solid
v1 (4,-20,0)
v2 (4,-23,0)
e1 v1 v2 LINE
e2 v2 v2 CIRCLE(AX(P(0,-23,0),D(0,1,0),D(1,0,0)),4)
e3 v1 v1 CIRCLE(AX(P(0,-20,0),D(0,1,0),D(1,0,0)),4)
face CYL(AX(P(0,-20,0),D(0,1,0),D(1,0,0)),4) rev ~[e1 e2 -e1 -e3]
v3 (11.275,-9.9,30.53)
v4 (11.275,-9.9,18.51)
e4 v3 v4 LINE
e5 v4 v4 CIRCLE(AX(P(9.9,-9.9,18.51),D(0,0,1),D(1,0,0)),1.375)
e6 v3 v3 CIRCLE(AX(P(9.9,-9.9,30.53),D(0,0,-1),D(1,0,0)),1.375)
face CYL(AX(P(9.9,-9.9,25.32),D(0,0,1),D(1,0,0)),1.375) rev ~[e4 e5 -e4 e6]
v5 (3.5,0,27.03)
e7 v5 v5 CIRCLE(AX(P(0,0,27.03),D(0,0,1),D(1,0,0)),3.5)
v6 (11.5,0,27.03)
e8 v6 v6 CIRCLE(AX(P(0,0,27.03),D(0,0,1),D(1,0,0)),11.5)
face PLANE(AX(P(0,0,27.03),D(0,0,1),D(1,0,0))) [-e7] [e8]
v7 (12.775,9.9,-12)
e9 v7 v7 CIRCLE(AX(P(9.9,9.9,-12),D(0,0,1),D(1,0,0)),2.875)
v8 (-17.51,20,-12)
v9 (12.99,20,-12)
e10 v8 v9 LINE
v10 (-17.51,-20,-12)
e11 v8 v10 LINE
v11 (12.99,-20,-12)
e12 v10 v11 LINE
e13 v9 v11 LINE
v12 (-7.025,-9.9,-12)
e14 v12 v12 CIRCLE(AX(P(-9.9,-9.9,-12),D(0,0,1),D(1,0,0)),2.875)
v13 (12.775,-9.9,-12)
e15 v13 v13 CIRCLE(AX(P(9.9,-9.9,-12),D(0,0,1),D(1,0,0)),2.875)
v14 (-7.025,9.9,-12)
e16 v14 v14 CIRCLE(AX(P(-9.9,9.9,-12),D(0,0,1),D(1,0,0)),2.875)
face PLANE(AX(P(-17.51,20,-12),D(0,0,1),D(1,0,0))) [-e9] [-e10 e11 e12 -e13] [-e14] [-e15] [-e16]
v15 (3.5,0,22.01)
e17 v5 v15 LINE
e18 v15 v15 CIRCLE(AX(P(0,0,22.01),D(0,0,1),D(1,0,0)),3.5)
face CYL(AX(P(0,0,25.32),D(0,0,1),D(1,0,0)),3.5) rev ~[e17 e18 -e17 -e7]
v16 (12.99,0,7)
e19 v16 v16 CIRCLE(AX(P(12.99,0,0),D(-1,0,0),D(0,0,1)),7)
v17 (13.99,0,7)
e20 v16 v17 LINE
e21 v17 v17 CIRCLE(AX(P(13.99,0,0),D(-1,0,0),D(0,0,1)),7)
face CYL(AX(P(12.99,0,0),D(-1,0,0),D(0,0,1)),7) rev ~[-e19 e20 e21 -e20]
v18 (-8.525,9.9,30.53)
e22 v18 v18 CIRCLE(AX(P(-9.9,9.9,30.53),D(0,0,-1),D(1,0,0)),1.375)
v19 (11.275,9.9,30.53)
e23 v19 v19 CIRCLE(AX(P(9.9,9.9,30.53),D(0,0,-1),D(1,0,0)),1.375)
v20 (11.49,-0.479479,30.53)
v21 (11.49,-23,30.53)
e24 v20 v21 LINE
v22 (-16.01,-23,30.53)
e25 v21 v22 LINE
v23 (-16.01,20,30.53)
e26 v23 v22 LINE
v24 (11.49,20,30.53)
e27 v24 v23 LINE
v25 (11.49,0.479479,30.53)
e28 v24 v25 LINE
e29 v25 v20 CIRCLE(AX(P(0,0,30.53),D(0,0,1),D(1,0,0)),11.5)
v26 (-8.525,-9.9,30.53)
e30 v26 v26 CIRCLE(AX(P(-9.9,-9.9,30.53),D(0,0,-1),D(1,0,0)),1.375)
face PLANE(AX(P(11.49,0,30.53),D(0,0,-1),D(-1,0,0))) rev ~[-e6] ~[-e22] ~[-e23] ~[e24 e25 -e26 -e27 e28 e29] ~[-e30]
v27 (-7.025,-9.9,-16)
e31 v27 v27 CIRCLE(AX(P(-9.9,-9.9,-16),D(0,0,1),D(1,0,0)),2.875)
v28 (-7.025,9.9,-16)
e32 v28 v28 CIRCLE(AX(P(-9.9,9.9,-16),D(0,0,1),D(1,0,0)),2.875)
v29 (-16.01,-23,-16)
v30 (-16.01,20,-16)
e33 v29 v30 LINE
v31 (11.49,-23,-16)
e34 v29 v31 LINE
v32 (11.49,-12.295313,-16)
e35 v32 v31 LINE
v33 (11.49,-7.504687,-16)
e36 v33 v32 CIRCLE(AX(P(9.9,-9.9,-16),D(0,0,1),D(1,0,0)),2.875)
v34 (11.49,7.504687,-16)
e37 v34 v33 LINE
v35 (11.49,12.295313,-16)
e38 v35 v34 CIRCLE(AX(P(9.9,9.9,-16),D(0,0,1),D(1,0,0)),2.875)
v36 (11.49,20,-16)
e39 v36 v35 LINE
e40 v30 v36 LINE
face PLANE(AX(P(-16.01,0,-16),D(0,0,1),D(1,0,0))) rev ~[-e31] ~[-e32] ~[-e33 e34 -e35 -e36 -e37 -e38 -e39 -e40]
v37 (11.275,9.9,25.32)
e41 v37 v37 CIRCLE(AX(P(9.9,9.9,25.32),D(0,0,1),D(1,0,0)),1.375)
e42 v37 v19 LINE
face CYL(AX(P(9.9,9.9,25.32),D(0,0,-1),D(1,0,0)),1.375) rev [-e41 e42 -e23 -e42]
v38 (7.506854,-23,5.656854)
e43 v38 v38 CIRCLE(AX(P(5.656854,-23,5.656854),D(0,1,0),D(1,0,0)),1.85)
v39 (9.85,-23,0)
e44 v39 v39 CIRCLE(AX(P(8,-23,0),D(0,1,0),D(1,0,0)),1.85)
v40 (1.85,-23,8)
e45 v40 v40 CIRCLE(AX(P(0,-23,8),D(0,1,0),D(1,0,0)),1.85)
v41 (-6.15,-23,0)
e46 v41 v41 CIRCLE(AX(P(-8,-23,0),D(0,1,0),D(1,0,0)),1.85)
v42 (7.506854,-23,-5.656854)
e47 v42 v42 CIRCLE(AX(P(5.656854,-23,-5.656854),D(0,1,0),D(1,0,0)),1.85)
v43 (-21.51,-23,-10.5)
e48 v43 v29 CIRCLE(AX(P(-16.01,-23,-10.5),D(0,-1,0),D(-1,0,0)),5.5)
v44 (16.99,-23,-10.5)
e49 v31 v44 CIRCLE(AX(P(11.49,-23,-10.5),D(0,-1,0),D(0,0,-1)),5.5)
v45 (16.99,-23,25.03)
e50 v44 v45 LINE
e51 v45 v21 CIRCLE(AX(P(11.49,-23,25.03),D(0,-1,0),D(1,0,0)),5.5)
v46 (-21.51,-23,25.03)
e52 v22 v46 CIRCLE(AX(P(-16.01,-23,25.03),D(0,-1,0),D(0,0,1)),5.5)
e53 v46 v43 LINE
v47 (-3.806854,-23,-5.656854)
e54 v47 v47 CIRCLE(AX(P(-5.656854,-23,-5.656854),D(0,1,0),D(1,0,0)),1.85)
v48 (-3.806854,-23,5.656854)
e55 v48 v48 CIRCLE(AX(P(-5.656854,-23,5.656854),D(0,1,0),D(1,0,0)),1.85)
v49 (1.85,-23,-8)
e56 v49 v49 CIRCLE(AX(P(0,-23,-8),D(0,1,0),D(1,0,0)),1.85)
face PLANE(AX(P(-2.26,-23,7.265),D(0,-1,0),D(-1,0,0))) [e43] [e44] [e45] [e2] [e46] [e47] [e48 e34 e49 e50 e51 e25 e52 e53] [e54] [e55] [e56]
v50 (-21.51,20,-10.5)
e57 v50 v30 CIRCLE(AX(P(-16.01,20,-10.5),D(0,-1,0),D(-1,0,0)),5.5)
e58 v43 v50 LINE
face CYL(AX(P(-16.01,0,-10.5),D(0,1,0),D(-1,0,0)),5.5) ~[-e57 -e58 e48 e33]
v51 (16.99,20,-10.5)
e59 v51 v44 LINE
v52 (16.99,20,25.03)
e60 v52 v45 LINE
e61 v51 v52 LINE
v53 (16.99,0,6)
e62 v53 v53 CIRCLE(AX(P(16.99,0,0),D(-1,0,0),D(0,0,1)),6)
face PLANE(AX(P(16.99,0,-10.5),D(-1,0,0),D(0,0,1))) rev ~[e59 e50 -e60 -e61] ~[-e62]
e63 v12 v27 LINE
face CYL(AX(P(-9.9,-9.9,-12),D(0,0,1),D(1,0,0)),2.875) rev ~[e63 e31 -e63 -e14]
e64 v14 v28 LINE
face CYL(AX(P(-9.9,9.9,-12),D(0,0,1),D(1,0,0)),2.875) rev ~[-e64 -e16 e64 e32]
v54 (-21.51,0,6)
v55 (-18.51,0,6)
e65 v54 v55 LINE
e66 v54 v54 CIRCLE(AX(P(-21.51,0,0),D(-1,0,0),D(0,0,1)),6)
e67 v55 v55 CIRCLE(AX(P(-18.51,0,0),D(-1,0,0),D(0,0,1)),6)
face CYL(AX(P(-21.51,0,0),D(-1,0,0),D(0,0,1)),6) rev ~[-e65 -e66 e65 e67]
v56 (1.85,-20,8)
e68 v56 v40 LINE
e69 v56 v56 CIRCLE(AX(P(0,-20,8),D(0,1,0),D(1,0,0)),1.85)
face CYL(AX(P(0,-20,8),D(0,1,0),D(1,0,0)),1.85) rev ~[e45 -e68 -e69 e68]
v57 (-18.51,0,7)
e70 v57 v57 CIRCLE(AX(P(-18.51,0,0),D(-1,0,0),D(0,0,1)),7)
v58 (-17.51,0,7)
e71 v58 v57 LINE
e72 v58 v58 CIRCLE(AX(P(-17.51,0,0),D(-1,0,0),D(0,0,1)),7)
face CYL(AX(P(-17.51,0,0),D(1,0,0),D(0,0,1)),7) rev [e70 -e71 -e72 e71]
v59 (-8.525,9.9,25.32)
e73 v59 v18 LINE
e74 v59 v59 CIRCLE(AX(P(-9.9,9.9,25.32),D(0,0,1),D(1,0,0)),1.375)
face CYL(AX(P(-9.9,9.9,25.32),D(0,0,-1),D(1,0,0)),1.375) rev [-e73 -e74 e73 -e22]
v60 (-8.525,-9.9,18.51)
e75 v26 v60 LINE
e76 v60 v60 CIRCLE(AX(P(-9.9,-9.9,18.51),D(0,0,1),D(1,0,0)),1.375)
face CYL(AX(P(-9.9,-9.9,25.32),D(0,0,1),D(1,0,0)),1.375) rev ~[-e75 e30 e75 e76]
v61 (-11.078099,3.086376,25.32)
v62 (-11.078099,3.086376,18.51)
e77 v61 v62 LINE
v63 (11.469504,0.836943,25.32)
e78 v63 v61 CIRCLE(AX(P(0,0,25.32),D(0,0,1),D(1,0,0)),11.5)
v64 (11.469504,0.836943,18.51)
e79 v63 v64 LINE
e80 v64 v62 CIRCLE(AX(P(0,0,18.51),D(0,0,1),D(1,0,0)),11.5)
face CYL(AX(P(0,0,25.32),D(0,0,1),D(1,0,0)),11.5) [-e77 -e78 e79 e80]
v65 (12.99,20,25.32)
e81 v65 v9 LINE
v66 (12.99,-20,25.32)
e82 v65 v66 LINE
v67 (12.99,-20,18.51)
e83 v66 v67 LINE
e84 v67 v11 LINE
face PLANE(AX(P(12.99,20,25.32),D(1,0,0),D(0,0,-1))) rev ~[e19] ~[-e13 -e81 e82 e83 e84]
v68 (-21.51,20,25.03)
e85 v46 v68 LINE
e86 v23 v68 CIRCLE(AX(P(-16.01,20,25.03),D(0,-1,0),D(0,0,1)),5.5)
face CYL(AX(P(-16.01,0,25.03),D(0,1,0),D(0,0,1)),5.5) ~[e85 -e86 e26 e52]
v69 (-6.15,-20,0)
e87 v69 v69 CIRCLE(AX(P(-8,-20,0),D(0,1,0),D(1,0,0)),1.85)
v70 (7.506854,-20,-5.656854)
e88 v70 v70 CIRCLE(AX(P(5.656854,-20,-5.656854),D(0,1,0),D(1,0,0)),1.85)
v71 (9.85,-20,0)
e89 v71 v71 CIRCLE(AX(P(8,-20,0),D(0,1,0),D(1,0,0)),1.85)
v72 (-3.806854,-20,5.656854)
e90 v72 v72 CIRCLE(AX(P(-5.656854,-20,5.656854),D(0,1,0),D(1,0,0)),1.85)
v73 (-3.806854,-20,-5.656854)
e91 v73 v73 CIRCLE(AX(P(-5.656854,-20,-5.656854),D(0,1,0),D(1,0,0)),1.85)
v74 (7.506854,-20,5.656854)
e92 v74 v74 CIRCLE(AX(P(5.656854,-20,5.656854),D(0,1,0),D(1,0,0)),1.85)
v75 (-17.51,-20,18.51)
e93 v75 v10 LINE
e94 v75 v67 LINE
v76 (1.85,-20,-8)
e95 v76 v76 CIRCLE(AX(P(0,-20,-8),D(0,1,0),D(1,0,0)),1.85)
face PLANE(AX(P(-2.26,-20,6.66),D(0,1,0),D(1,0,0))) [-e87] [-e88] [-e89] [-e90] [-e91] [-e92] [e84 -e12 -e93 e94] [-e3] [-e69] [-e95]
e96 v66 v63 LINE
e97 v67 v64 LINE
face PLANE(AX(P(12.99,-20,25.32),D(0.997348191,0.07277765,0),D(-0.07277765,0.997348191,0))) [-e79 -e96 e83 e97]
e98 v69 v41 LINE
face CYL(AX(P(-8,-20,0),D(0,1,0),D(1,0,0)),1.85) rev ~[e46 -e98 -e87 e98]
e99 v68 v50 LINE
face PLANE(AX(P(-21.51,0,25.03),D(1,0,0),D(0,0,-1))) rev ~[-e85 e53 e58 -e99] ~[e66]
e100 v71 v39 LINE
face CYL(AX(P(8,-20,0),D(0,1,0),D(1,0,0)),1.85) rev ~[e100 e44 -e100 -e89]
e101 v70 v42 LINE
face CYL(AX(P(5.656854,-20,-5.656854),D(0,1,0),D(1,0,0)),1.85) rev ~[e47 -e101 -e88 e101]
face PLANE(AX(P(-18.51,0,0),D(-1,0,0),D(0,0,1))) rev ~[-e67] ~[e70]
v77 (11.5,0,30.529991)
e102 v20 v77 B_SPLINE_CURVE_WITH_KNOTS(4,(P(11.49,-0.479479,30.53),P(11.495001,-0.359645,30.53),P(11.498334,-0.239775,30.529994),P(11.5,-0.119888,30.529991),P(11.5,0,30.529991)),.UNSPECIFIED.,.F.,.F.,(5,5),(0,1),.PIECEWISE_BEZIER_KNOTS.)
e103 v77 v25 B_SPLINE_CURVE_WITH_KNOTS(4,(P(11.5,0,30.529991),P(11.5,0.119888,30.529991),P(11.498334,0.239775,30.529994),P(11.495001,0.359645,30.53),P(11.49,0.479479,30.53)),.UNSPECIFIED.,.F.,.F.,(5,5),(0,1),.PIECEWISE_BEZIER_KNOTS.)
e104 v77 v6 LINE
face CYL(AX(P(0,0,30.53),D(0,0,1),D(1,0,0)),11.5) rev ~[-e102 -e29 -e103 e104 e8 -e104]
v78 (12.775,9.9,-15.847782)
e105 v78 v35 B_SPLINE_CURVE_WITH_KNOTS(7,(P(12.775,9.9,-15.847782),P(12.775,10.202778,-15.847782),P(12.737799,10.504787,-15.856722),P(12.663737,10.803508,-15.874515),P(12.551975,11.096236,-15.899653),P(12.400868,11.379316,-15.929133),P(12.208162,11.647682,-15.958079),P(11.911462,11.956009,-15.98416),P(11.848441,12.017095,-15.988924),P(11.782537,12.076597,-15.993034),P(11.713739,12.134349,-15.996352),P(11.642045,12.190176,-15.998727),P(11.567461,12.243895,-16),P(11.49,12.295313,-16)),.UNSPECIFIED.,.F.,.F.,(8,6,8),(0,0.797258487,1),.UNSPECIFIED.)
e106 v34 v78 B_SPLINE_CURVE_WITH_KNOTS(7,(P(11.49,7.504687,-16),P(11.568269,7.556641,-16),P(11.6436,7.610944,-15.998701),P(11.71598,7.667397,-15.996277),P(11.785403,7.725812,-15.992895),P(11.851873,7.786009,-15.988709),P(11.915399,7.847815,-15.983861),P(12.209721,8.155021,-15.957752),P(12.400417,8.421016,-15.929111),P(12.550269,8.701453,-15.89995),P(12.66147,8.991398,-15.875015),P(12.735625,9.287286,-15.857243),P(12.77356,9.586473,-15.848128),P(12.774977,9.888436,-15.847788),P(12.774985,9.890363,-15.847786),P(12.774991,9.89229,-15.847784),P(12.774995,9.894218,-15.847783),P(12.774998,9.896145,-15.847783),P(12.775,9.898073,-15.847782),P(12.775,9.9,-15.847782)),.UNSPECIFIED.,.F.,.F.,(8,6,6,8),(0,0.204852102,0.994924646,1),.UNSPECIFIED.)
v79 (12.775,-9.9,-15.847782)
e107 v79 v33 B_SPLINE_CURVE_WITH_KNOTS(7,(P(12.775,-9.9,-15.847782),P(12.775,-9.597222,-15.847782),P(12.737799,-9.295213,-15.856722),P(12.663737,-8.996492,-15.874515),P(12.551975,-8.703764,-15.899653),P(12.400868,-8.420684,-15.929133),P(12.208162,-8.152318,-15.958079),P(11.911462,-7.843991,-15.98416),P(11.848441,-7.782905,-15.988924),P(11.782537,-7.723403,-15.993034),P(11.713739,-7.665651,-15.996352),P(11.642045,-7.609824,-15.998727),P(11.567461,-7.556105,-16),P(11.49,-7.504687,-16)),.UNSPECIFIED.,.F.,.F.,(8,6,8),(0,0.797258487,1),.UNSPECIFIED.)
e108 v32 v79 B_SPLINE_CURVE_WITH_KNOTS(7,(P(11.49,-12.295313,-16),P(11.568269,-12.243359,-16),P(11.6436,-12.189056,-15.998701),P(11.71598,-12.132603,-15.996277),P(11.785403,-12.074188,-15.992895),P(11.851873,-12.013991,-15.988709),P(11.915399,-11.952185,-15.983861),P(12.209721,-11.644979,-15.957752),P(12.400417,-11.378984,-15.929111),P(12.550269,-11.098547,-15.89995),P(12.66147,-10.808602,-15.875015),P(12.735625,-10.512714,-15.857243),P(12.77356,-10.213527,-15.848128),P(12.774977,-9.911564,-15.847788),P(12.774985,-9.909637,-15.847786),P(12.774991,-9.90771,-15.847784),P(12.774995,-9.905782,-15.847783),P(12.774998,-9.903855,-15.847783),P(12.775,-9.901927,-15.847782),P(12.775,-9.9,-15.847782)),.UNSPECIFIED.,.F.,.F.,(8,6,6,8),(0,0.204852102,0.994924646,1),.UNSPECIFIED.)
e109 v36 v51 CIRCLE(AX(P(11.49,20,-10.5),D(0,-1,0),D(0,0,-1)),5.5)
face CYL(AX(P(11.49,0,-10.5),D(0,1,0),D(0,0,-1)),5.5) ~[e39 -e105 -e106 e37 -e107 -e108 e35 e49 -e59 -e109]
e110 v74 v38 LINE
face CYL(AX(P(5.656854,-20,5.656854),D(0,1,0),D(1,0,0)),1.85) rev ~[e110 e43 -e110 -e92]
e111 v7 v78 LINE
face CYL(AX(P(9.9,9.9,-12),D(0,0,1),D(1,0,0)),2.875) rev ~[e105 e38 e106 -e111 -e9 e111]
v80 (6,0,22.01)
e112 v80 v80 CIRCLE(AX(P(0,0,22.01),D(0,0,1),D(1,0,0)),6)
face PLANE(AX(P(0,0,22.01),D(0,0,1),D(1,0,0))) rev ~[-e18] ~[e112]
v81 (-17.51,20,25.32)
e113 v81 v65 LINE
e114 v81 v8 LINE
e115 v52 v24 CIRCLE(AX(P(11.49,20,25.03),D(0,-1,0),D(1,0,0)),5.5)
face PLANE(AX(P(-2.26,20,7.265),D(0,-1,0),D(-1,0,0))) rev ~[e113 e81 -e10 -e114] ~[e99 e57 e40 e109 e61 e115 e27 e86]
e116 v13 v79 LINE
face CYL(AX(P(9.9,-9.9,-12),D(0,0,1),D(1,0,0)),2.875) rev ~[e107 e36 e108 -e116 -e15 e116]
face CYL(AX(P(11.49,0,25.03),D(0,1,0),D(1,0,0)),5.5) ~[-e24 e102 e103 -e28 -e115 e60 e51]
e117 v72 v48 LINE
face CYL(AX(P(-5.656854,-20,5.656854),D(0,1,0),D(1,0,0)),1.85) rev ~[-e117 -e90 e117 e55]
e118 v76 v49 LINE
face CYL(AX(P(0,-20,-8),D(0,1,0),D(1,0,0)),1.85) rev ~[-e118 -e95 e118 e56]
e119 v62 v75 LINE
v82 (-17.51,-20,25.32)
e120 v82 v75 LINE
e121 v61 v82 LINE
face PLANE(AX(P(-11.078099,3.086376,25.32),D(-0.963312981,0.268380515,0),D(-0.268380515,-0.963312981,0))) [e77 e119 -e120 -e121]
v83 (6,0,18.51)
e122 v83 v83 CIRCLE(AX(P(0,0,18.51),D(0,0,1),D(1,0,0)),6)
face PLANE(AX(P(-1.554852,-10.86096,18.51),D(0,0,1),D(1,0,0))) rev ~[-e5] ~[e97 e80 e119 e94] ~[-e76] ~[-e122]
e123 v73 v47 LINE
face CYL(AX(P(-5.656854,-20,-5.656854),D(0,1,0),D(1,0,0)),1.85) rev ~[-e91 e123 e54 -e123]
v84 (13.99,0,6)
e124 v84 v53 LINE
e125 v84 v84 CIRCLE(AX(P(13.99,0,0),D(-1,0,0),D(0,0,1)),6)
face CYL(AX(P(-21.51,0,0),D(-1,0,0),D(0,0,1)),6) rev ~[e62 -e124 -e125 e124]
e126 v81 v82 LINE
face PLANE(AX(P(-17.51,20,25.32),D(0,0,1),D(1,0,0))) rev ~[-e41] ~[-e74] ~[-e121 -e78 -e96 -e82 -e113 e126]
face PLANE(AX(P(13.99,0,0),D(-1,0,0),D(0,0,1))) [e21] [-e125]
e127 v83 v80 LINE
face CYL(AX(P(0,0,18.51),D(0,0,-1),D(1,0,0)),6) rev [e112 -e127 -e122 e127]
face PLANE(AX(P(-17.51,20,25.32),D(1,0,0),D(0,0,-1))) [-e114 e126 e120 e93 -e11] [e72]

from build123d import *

# Parameters (mm, degrees)
BOSS_EXTRUDE1_DEPTH      = 20
BOSS_EXTRUDE1_DEPTH_BACK = 23
SKETCH5_W                = 30.5
SKETCH5_H                = 37.32
CUT_EXTRUDE1_DEPTH       = 40
SKETCH4_R                = 1.375
SKETCH4_R_2              = 11.5
SKETCH4_R_3              = 6
SKETCH4_R_4              = 3.5
BOSS_EXTRUDE2_DEPTH      = 6.81
SKETCH4_3_R              = 1.375
SKETCH4_3_R_2            = 3.5
CUT_EXTRUDE2_DEPTH       = 6.21
CUT_EXTRUDE2_DEPTH_BACK  = 6.81
CUT_EXTRUDE3_START       = -6.81
SKETCH4_4_R              = 6
SKETCH4_4_R_2            = 3.5
CUT_EXTRUDE3_DEPTH       = 3.5
CUT_EXTRUDE4_START       = 5.21
SKETCH4_5_R              = 11.5
CUT_EXTRUDE4_DEPTH       = 3.5
SKETCH6_R                = 6
CUT_EXTRUDE5_DEPTH       = 1
CUT_EXTRUDE5_DEPTH_BACK  = 39.5000001
CUT_EXTRUDE6_START       = -4
SKETCH6_3_R              = 7
SKETCH6_3_R_2            = 6
CUT_EXTRUDE6_DEPTH       = 1
CUT_EXTRUDE7_START       = -34.5
SKETCH6_4_R              = 7
SKETCH6_4_R_2            = 6
CUT_EXTRUDE7_DEPTH       = 1
SKETCH7_R                = 1.85
SKETCH7_R_2              = 4
CUT_EXTRUDE8_DEPTH       = 4.0000001
SKETCH8_R                = 2.875
CUT_EXTRUDE9_DEPTH       = 5


with BuildPart() as part:
    # Sketch3 → Boss-Extrude1 (new body, two sides)
    with BuildSketch(Plane(origin=(0, 0, 0), x_dir=(1, 0, 0), z_dir=(0, 1, 0))) as boss_extrude1_sk:
        with BuildLine():
            Line((-16.01, 16), (11.49, 16))
            ThreePointArc((11.49, 16), (15.379087297, 14.389087297), (16.99, 10.5))
            Line((16.99, 10.5), (16.99, -25.03))
            ThreePointArc((16.99, -25.03), (15.379087297, -28.919087297), (11.49, -30.53))
            Line((11.49, -30.53), (-16.01, -30.53))
            ThreePointArc((-16.01, -30.53), (-19.899087297, -28.919087297), (-21.51, -25.03))
            Line((-21.51, -25.03), (-21.51, 10.5))
            ThreePointArc((-21.51, 10.5), (-19.899087297, 14.389087297), (-16.01, 16))
        make_face()
    extrude(amount=BOSS_EXTRUDE1_DEPTH)
    extrude(boss_extrude1_sk.sketch, amount=-BOSS_EXTRUDE1_DEPTH_BACK)

    # Sketch5 → Cut-Extrude1 (cut)
    with BuildSketch(Plane(origin=(0, 20, 0), x_dir=(1, 0, 0), z_dir=(0, 1, 0))):
        with Locations((-2.26, -6.66)):
            Rectangle(SKETCH5_W, SKETCH5_H)
    extrude(amount=-CUT_EXTRUDE1_DEPTH, mode=Mode.SUBTRACT)

    # Sketch4 → Boss-Extrude2 (add)
    with BuildSketch(Plane.XY.offset(25.32)):
        with BuildLine():
            ThreePointArc((11.5, 0), (-1.557539449, -11.394036636), (-11.078099281, 3.08637592))
            Line((-11.078099281, 3.08637592), (-17.51, -20))
            Line((-17.51, -20), (12.99, -20))
            Line((12.99, -20), (11.469504194, 0.836942974))
            ThreePointArc((11.469504194, 0.836942974), (11.49237352, 0.41874919), (11.5, 0))
        make_face()
        with Locations((-9.9, -9.9)):
            Circle(SKETCH4_R, mode=Mode.SUBTRACT)
        with Locations((9.9, -9.9)):
            Circle(SKETCH4_R, mode=Mode.SUBTRACT)
        Circle(SKETCH4_R_2)
        with Locations((-9.9, -9.9)):
            Circle(SKETCH4_R)
        with Locations((9.9, -9.9)):
            Circle(SKETCH4_R)
        Circle(SKETCH4_R_3)
        Circle(SKETCH4_R_4, mode=Mode.SUBTRACT)
        Circle(SKETCH4_R_4)
    extrude(amount=-BOSS_EXTRUDE2_DEPTH)

    # Sketch4<3> → Cut-Extrude2 (cut, two sides)
    with BuildSketch(Plane.XY.offset(25.32)) as cut_extrude2_sk:
        with Locations((-9.9, 9.9)):
            Circle(SKETCH4_3_R)
        with Locations((-9.9, -9.9)):
            Circle(SKETCH4_3_R)
        with Locations((9.9, 9.9)):
            Circle(SKETCH4_3_R)
        with Locations((9.9, -9.9)):
            Circle(SKETCH4_3_R)
        Circle(SKETCH4_3_R_2)
    extrude(amount=CUT_EXTRUDE2_DEPTH, mode=Mode.SUBTRACT)
    extrude(cut_extrude2_sk.sketch, amount=-CUT_EXTRUDE2_DEPTH_BACK, mode=Mode.SUBTRACT)

    # Sketch4<4> → Cut-Extrude3 (cut)
    with BuildSketch(Plane.XY.offset(25.32).offset(CUT_EXTRUDE3_START)):
        Circle(SKETCH4_4_R)
        Circle(SKETCH4_4_R_2, mode=Mode.SUBTRACT)
    extrude(amount=CUT_EXTRUDE3_DEPTH, mode=Mode.SUBTRACT)

    # Sketch4<5> → Cut-Extrude4 (cut)
    with BuildSketch(Plane.XY.offset(25.32).offset(CUT_EXTRUDE4_START)):
        Circle(SKETCH4_5_R)
    extrude(amount=-CUT_EXTRUDE4_DEPTH, mode=Mode.SUBTRACT)

    # Sketch6 → Cut-Extrude5 (cut, two sides)
    with BuildSketch(Plane.ZY.offset(21.51)) as cut_extrude5_sk:
        Circle(SKETCH6_R)
    extrude(amount=CUT_EXTRUDE5_DEPTH, mode=Mode.SUBTRACT)
    extrude(cut_extrude5_sk.sketch, amount=-CUT_EXTRUDE5_DEPTH_BACK, mode=Mode.SUBTRACT)

    # Sketch6<3> → Cut-Extrude6 (cut)
    with BuildSketch(Plane.ZY.offset(21.51).offset(CUT_EXTRUDE6_START)):
        Circle(SKETCH6_3_R)
        Circle(SKETCH6_3_R_2, mode=Mode.SUBTRACT)
    extrude(amount=CUT_EXTRUDE6_DEPTH, mode=Mode.SUBTRACT)

    # Sketch6<4> → Cut-Extrude7 (cut)
    with BuildSketch(Plane.ZY.offset(21.51).offset(CUT_EXTRUDE7_START)):
        Circle(SKETCH6_4_R)
        Circle(SKETCH6_4_R_2, mode=Mode.SUBTRACT)
    extrude(amount=-CUT_EXTRUDE7_DEPTH, mode=Mode.SUBTRACT)

    # Sketch7 → Cut-Extrude8 (cut, through all)
    with BuildSketch(Plane(origin=(0, -20, 0), x_dir=(1, 0, 0), z_dir=(0, 1, 0))):
        with Locations((5.656854249, -5.656854249)):
            Circle(SKETCH7_R)
        with Locations((0, -8)):
            Circle(SKETCH7_R)
        with Locations((-5.656854249, -5.656854249)):
            Circle(SKETCH7_R)
        with Locations((-8, 0)):
            Circle(SKETCH7_R)
        with Locations((-5.656854249, 5.656854249)):
            Circle(SKETCH7_R)
        with Locations((0, 8)):
            Circle(SKETCH7_R)
        with Locations((5.656854249, 5.656854249)):
            Circle(SKETCH7_R)
        Circle(SKETCH7_R_2)
        with Locations((8, 0)):
            Circle(SKETCH7_R)
    extrude(amount=-CUT_EXTRUDE8_DEPTH, mode=Mode.SUBTRACT)

    # Sketch8 → Cut-Extrude9 (cut, through all)
    with BuildSketch(Plane.XY.offset(-12)):
        with Locations((-9.9, 9.9)):
            Circle(SKETCH8_R)
        with Locations((9.9, 9.9)):
            Circle(SKETCH8_R)
        with Locations((-9.9, -9.9)):
            Circle(SKETCH8_R)
        with Locations((9.9, -9.9)):
            Circle(SKETCH8_R)
    extrude(amount=-CUT_EXTRUDE9_DEPTH, mode=Mode.SUBTRACT)


solid = part.part
